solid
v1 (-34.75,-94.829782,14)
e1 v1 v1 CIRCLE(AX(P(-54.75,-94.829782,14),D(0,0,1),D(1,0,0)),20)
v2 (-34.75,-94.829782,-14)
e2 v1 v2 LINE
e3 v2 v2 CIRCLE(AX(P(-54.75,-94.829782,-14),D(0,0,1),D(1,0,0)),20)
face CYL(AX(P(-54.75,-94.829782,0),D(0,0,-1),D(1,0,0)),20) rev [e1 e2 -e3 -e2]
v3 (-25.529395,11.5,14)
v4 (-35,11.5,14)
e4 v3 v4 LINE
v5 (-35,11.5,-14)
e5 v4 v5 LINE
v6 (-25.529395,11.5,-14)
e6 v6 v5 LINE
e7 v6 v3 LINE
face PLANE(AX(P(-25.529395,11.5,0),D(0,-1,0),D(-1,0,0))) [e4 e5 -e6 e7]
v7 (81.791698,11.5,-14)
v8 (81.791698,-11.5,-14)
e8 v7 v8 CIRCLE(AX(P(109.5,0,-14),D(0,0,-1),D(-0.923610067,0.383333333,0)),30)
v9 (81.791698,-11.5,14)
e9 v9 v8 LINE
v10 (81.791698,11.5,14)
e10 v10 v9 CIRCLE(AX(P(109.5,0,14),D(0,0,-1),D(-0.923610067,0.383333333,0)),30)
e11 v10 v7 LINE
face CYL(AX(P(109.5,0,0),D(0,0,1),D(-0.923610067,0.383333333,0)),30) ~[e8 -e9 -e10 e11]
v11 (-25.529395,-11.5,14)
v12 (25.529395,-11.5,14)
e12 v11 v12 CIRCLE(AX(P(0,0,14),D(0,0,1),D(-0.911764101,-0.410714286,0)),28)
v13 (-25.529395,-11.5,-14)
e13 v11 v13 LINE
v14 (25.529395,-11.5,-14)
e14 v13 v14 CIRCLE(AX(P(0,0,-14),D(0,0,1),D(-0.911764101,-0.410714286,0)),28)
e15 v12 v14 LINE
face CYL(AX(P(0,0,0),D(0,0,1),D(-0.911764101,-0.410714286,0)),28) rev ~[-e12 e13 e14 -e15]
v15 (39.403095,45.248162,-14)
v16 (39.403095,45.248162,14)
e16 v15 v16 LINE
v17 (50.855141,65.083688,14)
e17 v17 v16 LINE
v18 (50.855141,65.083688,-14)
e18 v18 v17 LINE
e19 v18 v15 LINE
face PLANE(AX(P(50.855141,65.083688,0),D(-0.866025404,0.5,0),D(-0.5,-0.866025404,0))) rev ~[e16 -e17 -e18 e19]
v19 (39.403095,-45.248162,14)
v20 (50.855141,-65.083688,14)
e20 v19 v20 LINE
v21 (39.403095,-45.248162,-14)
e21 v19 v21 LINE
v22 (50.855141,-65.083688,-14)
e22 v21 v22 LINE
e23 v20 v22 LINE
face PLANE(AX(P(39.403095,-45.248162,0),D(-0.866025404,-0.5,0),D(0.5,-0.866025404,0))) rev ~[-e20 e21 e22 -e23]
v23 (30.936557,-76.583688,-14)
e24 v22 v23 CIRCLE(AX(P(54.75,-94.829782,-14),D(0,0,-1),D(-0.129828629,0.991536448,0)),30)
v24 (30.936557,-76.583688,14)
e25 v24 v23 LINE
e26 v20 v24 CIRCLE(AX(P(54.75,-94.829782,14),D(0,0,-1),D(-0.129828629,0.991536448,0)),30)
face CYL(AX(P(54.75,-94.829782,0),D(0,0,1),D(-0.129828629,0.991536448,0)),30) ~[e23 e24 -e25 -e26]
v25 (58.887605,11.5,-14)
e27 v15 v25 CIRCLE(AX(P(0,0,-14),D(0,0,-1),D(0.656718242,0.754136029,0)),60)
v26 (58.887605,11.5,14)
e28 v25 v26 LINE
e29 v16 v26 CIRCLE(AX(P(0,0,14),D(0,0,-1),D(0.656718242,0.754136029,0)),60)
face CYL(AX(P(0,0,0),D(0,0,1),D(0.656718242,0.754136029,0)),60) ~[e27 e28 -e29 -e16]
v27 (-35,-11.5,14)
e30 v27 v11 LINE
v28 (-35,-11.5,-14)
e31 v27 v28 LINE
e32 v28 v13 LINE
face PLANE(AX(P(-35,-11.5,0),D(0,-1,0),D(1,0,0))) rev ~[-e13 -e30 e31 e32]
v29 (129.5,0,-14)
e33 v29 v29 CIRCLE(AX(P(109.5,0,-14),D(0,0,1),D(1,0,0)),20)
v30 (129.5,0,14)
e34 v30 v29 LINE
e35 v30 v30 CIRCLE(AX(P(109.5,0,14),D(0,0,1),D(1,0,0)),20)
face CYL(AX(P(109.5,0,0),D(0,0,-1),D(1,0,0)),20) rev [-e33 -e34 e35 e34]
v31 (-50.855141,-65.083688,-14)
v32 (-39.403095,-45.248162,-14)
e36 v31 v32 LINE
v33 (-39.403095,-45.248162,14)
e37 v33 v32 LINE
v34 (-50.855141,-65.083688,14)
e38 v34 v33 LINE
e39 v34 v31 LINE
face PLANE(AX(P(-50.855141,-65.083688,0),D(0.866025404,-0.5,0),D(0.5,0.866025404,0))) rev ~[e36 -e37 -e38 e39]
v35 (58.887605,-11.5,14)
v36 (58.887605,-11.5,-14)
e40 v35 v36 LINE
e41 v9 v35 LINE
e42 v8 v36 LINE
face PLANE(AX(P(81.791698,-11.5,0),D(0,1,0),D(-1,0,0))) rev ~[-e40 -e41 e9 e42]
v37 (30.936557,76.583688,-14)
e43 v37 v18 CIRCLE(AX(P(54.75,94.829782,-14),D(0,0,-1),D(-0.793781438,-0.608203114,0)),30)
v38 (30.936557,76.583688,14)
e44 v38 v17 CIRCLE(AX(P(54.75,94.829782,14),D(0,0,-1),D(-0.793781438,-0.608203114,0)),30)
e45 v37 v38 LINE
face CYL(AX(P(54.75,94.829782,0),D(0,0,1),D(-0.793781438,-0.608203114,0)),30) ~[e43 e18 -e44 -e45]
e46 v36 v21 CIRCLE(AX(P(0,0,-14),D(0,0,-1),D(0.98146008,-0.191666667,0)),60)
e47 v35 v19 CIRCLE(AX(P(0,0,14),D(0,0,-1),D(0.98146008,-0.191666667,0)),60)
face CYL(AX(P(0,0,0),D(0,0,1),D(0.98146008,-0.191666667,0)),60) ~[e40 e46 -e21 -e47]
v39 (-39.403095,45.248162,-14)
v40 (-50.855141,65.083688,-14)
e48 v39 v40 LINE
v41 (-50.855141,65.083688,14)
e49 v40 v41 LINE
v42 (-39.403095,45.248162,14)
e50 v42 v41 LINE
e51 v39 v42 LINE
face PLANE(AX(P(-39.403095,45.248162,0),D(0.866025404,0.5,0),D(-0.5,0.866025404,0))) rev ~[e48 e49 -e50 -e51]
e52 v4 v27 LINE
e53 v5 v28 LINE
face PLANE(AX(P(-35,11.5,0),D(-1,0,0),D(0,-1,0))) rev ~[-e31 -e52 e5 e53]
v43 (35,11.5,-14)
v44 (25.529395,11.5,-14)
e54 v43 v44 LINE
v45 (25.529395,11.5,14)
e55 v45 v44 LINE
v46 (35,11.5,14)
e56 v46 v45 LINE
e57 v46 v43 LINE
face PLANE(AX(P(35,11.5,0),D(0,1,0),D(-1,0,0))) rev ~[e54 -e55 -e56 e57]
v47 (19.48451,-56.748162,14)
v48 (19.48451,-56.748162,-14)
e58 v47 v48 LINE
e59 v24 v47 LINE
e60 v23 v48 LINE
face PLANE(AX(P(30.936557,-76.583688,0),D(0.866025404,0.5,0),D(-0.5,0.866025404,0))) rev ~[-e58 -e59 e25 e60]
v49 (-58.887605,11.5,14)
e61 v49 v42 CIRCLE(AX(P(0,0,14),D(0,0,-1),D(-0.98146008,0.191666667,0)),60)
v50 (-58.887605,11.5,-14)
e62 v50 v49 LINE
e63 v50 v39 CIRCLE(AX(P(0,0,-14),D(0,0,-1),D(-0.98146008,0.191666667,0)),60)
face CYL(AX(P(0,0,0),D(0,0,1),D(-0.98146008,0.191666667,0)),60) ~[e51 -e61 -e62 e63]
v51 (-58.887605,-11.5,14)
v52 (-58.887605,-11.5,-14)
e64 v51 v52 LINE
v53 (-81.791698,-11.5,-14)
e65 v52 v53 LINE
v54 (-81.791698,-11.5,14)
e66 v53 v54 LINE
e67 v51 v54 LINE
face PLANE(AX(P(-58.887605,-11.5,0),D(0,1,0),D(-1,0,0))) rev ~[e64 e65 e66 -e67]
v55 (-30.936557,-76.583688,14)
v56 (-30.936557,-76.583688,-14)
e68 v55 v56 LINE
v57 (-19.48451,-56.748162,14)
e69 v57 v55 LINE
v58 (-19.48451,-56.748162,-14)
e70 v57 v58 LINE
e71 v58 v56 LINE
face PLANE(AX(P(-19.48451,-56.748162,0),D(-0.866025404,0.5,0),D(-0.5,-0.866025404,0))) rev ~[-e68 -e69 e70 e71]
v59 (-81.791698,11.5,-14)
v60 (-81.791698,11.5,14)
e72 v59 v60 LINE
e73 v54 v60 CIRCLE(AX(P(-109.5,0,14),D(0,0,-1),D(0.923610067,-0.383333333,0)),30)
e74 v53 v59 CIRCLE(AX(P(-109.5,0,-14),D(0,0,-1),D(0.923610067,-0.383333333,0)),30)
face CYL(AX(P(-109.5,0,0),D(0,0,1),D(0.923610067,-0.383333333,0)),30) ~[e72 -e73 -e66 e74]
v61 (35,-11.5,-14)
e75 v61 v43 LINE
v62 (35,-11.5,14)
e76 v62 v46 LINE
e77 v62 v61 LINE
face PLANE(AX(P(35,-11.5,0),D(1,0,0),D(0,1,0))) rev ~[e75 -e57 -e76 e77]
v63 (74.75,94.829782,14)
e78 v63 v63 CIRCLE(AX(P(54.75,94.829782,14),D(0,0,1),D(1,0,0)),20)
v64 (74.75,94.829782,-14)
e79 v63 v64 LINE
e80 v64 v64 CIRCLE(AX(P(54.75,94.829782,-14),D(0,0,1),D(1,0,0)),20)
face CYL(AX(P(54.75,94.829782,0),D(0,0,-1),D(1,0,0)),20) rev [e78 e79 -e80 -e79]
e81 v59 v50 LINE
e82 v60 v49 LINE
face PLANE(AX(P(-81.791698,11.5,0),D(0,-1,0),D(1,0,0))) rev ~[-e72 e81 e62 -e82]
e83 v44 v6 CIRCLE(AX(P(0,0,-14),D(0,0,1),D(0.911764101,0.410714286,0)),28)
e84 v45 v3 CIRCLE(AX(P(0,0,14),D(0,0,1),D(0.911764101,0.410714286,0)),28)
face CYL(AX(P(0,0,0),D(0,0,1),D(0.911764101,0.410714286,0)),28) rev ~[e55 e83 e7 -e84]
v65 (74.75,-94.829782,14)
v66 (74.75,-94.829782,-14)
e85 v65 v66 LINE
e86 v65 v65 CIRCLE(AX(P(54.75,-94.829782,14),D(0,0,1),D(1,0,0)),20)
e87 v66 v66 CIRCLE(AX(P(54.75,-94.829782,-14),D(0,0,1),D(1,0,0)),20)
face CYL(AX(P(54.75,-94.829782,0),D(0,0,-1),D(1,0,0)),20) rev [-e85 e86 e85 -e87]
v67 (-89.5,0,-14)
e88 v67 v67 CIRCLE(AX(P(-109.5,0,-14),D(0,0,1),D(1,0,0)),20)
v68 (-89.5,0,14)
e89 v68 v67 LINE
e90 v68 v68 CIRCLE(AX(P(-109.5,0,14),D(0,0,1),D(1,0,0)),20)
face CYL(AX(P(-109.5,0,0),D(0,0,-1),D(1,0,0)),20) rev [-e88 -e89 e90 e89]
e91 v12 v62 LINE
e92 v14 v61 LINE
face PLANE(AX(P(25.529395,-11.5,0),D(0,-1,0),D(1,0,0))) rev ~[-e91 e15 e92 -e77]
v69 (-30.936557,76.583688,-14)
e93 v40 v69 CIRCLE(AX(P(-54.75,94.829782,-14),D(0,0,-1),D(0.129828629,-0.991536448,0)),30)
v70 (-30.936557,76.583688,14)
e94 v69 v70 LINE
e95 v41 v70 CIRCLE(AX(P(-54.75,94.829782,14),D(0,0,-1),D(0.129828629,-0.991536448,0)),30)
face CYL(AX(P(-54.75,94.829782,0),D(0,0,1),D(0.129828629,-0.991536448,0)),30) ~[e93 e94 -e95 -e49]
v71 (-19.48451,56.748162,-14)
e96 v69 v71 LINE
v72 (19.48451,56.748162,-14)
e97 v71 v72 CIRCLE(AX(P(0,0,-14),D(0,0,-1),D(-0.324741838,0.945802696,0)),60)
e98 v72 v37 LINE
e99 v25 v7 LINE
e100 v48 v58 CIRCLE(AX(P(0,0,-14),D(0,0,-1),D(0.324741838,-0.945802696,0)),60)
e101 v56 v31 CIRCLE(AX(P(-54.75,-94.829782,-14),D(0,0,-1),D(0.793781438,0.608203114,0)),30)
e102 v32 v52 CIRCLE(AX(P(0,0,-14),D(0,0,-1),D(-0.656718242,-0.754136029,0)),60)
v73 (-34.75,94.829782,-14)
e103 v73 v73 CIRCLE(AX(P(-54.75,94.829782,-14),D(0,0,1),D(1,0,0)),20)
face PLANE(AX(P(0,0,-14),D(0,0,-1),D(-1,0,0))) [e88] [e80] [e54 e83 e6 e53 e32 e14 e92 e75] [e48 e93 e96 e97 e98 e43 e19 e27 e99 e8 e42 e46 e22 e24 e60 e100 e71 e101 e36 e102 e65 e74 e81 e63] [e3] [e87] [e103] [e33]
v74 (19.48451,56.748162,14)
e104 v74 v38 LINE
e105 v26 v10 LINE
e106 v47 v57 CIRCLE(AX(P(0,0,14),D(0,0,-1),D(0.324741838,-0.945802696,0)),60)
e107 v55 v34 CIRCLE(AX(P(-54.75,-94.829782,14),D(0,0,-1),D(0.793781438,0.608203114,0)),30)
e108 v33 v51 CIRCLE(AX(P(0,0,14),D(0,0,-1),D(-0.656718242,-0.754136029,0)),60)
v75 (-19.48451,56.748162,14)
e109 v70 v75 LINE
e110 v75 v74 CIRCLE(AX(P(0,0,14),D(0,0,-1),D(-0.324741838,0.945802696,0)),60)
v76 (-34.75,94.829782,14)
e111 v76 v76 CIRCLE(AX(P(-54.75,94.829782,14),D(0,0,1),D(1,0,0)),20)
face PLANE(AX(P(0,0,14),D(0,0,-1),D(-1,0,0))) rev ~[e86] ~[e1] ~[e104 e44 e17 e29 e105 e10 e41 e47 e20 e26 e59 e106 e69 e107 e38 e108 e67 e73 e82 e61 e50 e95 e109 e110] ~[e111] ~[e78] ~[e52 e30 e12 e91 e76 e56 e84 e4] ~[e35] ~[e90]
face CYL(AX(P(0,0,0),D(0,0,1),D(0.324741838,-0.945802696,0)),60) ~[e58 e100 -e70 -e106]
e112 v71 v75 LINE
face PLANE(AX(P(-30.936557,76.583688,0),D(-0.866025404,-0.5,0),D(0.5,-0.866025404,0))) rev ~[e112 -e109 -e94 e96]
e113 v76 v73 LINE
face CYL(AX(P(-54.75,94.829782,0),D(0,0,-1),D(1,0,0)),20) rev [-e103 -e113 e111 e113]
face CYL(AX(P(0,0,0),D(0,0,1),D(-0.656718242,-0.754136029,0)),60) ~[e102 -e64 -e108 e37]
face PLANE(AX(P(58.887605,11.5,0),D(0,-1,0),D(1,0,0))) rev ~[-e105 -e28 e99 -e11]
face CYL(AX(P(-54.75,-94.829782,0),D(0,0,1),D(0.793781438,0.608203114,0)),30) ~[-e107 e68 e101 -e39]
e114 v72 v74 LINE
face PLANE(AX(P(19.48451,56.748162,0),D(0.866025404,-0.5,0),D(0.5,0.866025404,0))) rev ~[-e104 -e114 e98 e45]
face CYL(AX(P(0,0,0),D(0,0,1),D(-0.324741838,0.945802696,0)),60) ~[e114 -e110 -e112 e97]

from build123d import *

# Parameters (mm, degrees)
SKETCH1_R           = 20
BOSS_EXTRUDE1_DEPTH = 14


with BuildPart() as part:
    # Sketch1 → Boss-Extrude1 (new, symmetric)
    with BuildSketch(Plane.XY):
        with BuildLine():
            Line((58.887604808, 11.5), (81.791697995, 11.5))
            ThreePointArc((81.791697995, 11.5), (139.5, 0), (81.791697995, -11.5))
            Line((81.791697995, -11.5), (58.887604808, -11.5))
            ThreePointArc((58.887604808, -11.5), (51.961524227, -30), (39.403094547, -45.248161732))
            Line((39.403094547, -45.248161732), (50.855141141, -65.083688282))
            ThreePointArc((50.855141141, -65.083688282), (69.75, -120.810543828), (30.936556854, -76.583688282))
            Line((30.936556854, -76.583688282), (19.48451026, -56.748161732))
            ThreePointArc((19.48451026, -56.748161732), (0, -60), (-19.48451026, -56.748161732))
            Line((-19.48451026, -56.748161732), (-30.936556854, -76.583688282))
            ThreePointArc((-30.936556854, -76.583688282), (-69.75, -120.810543828), (-50.855141141, -65.083688282))
            Line((-50.855141141, -65.083688282), (-39.403094547, -45.248161732))
            ThreePointArc((-39.403094547, -45.248161732), (-51.961524227, -30), (-58.887604808, -11.5))
            Line((-58.887604808, -11.5), (-81.791697995, -11.5))
            ThreePointArc((-81.791697995, -11.5), (-139.5, 0), (-81.791697995, 11.5))
            Line((-81.791697995, 11.5), (-58.887604808, 11.5))
            ThreePointArc((-58.887604808, 11.5), (-51.961524227, 30), (-39.403094547, 45.248161732))
            Line((-39.403094547, 45.248161732), (-50.855141141, 65.083688282))
            ThreePointArc((-50.855141141, 65.083688282), (-69.75, 120.810543828), (-30.936556854, 76.583688282))
            Line((-30.936556854, 76.583688282), (-19.48451026, 56.748161732))
            ThreePointArc((-19.48451026, 56.748161732), (0, 60), (19.48451026, 56.748161732))
            Line((19.48451026, 56.748161732), (30.936556854, 76.583688282))
            ThreePointArc((30.936556854, 76.583688282), (69.75, 120.810543828), (50.855141141, 65.083688282))
            Line((50.855141141, 65.083688282), (39.403094547, 45.248161732))
            ThreePointArc((39.403094547, 45.248161732), (51.961524227, 30), (58.887604808, 11.5))
        make_face()
        with Locations((109.5, 0)):
            Circle(SKETCH1_R, mode=Mode.SUBTRACT)
        with Locations((54.75, -94.829781714)):
            Circle(SKETCH1_R, mode=Mode.SUBTRACT)
        with Locations((-54.75, -94.829781714)):
            Circle(SKETCH1_R, mode=Mode.SUBTRACT)
        with Locations((-109.5, 0)):
            Circle(SKETCH1_R, mode=Mode.SUBTRACT)
        with Locations((-54.75, 94.829781714)):
            Circle(SKETCH1_R, mode=Mode.SUBTRACT)
        with Locations((54.75, 94.829781714)):
            Circle(SKETCH1_R, mode=Mode.SUBTRACT)
        with BuildLine():
            Line((-25.529394822, 11.5), (-35, 11.5))
            Line((-35, 11.5), (-35, -11.5))
            Line((-35, -11.5), (-25.529394822, -11.5))
            ThreePointArc((-25.529394822, -11.5), (0, -28), (25.529394822, -11.5))
            Line((25.529394822, -11.5), (35, -11.5))
            Line((35, -11.5), (35, 11.5))
            Line((35, 11.5), (25.529394822, 11.5))
            ThreePointArc((25.529394822, 11.5), (0, 28), (-25.529394822, 11.5))
        make_face(mode=Mode.SUBTRACT)
    extrude(amount=BOSS_EXTRUDE1_DEPTH, both=True)


solid = part.part
